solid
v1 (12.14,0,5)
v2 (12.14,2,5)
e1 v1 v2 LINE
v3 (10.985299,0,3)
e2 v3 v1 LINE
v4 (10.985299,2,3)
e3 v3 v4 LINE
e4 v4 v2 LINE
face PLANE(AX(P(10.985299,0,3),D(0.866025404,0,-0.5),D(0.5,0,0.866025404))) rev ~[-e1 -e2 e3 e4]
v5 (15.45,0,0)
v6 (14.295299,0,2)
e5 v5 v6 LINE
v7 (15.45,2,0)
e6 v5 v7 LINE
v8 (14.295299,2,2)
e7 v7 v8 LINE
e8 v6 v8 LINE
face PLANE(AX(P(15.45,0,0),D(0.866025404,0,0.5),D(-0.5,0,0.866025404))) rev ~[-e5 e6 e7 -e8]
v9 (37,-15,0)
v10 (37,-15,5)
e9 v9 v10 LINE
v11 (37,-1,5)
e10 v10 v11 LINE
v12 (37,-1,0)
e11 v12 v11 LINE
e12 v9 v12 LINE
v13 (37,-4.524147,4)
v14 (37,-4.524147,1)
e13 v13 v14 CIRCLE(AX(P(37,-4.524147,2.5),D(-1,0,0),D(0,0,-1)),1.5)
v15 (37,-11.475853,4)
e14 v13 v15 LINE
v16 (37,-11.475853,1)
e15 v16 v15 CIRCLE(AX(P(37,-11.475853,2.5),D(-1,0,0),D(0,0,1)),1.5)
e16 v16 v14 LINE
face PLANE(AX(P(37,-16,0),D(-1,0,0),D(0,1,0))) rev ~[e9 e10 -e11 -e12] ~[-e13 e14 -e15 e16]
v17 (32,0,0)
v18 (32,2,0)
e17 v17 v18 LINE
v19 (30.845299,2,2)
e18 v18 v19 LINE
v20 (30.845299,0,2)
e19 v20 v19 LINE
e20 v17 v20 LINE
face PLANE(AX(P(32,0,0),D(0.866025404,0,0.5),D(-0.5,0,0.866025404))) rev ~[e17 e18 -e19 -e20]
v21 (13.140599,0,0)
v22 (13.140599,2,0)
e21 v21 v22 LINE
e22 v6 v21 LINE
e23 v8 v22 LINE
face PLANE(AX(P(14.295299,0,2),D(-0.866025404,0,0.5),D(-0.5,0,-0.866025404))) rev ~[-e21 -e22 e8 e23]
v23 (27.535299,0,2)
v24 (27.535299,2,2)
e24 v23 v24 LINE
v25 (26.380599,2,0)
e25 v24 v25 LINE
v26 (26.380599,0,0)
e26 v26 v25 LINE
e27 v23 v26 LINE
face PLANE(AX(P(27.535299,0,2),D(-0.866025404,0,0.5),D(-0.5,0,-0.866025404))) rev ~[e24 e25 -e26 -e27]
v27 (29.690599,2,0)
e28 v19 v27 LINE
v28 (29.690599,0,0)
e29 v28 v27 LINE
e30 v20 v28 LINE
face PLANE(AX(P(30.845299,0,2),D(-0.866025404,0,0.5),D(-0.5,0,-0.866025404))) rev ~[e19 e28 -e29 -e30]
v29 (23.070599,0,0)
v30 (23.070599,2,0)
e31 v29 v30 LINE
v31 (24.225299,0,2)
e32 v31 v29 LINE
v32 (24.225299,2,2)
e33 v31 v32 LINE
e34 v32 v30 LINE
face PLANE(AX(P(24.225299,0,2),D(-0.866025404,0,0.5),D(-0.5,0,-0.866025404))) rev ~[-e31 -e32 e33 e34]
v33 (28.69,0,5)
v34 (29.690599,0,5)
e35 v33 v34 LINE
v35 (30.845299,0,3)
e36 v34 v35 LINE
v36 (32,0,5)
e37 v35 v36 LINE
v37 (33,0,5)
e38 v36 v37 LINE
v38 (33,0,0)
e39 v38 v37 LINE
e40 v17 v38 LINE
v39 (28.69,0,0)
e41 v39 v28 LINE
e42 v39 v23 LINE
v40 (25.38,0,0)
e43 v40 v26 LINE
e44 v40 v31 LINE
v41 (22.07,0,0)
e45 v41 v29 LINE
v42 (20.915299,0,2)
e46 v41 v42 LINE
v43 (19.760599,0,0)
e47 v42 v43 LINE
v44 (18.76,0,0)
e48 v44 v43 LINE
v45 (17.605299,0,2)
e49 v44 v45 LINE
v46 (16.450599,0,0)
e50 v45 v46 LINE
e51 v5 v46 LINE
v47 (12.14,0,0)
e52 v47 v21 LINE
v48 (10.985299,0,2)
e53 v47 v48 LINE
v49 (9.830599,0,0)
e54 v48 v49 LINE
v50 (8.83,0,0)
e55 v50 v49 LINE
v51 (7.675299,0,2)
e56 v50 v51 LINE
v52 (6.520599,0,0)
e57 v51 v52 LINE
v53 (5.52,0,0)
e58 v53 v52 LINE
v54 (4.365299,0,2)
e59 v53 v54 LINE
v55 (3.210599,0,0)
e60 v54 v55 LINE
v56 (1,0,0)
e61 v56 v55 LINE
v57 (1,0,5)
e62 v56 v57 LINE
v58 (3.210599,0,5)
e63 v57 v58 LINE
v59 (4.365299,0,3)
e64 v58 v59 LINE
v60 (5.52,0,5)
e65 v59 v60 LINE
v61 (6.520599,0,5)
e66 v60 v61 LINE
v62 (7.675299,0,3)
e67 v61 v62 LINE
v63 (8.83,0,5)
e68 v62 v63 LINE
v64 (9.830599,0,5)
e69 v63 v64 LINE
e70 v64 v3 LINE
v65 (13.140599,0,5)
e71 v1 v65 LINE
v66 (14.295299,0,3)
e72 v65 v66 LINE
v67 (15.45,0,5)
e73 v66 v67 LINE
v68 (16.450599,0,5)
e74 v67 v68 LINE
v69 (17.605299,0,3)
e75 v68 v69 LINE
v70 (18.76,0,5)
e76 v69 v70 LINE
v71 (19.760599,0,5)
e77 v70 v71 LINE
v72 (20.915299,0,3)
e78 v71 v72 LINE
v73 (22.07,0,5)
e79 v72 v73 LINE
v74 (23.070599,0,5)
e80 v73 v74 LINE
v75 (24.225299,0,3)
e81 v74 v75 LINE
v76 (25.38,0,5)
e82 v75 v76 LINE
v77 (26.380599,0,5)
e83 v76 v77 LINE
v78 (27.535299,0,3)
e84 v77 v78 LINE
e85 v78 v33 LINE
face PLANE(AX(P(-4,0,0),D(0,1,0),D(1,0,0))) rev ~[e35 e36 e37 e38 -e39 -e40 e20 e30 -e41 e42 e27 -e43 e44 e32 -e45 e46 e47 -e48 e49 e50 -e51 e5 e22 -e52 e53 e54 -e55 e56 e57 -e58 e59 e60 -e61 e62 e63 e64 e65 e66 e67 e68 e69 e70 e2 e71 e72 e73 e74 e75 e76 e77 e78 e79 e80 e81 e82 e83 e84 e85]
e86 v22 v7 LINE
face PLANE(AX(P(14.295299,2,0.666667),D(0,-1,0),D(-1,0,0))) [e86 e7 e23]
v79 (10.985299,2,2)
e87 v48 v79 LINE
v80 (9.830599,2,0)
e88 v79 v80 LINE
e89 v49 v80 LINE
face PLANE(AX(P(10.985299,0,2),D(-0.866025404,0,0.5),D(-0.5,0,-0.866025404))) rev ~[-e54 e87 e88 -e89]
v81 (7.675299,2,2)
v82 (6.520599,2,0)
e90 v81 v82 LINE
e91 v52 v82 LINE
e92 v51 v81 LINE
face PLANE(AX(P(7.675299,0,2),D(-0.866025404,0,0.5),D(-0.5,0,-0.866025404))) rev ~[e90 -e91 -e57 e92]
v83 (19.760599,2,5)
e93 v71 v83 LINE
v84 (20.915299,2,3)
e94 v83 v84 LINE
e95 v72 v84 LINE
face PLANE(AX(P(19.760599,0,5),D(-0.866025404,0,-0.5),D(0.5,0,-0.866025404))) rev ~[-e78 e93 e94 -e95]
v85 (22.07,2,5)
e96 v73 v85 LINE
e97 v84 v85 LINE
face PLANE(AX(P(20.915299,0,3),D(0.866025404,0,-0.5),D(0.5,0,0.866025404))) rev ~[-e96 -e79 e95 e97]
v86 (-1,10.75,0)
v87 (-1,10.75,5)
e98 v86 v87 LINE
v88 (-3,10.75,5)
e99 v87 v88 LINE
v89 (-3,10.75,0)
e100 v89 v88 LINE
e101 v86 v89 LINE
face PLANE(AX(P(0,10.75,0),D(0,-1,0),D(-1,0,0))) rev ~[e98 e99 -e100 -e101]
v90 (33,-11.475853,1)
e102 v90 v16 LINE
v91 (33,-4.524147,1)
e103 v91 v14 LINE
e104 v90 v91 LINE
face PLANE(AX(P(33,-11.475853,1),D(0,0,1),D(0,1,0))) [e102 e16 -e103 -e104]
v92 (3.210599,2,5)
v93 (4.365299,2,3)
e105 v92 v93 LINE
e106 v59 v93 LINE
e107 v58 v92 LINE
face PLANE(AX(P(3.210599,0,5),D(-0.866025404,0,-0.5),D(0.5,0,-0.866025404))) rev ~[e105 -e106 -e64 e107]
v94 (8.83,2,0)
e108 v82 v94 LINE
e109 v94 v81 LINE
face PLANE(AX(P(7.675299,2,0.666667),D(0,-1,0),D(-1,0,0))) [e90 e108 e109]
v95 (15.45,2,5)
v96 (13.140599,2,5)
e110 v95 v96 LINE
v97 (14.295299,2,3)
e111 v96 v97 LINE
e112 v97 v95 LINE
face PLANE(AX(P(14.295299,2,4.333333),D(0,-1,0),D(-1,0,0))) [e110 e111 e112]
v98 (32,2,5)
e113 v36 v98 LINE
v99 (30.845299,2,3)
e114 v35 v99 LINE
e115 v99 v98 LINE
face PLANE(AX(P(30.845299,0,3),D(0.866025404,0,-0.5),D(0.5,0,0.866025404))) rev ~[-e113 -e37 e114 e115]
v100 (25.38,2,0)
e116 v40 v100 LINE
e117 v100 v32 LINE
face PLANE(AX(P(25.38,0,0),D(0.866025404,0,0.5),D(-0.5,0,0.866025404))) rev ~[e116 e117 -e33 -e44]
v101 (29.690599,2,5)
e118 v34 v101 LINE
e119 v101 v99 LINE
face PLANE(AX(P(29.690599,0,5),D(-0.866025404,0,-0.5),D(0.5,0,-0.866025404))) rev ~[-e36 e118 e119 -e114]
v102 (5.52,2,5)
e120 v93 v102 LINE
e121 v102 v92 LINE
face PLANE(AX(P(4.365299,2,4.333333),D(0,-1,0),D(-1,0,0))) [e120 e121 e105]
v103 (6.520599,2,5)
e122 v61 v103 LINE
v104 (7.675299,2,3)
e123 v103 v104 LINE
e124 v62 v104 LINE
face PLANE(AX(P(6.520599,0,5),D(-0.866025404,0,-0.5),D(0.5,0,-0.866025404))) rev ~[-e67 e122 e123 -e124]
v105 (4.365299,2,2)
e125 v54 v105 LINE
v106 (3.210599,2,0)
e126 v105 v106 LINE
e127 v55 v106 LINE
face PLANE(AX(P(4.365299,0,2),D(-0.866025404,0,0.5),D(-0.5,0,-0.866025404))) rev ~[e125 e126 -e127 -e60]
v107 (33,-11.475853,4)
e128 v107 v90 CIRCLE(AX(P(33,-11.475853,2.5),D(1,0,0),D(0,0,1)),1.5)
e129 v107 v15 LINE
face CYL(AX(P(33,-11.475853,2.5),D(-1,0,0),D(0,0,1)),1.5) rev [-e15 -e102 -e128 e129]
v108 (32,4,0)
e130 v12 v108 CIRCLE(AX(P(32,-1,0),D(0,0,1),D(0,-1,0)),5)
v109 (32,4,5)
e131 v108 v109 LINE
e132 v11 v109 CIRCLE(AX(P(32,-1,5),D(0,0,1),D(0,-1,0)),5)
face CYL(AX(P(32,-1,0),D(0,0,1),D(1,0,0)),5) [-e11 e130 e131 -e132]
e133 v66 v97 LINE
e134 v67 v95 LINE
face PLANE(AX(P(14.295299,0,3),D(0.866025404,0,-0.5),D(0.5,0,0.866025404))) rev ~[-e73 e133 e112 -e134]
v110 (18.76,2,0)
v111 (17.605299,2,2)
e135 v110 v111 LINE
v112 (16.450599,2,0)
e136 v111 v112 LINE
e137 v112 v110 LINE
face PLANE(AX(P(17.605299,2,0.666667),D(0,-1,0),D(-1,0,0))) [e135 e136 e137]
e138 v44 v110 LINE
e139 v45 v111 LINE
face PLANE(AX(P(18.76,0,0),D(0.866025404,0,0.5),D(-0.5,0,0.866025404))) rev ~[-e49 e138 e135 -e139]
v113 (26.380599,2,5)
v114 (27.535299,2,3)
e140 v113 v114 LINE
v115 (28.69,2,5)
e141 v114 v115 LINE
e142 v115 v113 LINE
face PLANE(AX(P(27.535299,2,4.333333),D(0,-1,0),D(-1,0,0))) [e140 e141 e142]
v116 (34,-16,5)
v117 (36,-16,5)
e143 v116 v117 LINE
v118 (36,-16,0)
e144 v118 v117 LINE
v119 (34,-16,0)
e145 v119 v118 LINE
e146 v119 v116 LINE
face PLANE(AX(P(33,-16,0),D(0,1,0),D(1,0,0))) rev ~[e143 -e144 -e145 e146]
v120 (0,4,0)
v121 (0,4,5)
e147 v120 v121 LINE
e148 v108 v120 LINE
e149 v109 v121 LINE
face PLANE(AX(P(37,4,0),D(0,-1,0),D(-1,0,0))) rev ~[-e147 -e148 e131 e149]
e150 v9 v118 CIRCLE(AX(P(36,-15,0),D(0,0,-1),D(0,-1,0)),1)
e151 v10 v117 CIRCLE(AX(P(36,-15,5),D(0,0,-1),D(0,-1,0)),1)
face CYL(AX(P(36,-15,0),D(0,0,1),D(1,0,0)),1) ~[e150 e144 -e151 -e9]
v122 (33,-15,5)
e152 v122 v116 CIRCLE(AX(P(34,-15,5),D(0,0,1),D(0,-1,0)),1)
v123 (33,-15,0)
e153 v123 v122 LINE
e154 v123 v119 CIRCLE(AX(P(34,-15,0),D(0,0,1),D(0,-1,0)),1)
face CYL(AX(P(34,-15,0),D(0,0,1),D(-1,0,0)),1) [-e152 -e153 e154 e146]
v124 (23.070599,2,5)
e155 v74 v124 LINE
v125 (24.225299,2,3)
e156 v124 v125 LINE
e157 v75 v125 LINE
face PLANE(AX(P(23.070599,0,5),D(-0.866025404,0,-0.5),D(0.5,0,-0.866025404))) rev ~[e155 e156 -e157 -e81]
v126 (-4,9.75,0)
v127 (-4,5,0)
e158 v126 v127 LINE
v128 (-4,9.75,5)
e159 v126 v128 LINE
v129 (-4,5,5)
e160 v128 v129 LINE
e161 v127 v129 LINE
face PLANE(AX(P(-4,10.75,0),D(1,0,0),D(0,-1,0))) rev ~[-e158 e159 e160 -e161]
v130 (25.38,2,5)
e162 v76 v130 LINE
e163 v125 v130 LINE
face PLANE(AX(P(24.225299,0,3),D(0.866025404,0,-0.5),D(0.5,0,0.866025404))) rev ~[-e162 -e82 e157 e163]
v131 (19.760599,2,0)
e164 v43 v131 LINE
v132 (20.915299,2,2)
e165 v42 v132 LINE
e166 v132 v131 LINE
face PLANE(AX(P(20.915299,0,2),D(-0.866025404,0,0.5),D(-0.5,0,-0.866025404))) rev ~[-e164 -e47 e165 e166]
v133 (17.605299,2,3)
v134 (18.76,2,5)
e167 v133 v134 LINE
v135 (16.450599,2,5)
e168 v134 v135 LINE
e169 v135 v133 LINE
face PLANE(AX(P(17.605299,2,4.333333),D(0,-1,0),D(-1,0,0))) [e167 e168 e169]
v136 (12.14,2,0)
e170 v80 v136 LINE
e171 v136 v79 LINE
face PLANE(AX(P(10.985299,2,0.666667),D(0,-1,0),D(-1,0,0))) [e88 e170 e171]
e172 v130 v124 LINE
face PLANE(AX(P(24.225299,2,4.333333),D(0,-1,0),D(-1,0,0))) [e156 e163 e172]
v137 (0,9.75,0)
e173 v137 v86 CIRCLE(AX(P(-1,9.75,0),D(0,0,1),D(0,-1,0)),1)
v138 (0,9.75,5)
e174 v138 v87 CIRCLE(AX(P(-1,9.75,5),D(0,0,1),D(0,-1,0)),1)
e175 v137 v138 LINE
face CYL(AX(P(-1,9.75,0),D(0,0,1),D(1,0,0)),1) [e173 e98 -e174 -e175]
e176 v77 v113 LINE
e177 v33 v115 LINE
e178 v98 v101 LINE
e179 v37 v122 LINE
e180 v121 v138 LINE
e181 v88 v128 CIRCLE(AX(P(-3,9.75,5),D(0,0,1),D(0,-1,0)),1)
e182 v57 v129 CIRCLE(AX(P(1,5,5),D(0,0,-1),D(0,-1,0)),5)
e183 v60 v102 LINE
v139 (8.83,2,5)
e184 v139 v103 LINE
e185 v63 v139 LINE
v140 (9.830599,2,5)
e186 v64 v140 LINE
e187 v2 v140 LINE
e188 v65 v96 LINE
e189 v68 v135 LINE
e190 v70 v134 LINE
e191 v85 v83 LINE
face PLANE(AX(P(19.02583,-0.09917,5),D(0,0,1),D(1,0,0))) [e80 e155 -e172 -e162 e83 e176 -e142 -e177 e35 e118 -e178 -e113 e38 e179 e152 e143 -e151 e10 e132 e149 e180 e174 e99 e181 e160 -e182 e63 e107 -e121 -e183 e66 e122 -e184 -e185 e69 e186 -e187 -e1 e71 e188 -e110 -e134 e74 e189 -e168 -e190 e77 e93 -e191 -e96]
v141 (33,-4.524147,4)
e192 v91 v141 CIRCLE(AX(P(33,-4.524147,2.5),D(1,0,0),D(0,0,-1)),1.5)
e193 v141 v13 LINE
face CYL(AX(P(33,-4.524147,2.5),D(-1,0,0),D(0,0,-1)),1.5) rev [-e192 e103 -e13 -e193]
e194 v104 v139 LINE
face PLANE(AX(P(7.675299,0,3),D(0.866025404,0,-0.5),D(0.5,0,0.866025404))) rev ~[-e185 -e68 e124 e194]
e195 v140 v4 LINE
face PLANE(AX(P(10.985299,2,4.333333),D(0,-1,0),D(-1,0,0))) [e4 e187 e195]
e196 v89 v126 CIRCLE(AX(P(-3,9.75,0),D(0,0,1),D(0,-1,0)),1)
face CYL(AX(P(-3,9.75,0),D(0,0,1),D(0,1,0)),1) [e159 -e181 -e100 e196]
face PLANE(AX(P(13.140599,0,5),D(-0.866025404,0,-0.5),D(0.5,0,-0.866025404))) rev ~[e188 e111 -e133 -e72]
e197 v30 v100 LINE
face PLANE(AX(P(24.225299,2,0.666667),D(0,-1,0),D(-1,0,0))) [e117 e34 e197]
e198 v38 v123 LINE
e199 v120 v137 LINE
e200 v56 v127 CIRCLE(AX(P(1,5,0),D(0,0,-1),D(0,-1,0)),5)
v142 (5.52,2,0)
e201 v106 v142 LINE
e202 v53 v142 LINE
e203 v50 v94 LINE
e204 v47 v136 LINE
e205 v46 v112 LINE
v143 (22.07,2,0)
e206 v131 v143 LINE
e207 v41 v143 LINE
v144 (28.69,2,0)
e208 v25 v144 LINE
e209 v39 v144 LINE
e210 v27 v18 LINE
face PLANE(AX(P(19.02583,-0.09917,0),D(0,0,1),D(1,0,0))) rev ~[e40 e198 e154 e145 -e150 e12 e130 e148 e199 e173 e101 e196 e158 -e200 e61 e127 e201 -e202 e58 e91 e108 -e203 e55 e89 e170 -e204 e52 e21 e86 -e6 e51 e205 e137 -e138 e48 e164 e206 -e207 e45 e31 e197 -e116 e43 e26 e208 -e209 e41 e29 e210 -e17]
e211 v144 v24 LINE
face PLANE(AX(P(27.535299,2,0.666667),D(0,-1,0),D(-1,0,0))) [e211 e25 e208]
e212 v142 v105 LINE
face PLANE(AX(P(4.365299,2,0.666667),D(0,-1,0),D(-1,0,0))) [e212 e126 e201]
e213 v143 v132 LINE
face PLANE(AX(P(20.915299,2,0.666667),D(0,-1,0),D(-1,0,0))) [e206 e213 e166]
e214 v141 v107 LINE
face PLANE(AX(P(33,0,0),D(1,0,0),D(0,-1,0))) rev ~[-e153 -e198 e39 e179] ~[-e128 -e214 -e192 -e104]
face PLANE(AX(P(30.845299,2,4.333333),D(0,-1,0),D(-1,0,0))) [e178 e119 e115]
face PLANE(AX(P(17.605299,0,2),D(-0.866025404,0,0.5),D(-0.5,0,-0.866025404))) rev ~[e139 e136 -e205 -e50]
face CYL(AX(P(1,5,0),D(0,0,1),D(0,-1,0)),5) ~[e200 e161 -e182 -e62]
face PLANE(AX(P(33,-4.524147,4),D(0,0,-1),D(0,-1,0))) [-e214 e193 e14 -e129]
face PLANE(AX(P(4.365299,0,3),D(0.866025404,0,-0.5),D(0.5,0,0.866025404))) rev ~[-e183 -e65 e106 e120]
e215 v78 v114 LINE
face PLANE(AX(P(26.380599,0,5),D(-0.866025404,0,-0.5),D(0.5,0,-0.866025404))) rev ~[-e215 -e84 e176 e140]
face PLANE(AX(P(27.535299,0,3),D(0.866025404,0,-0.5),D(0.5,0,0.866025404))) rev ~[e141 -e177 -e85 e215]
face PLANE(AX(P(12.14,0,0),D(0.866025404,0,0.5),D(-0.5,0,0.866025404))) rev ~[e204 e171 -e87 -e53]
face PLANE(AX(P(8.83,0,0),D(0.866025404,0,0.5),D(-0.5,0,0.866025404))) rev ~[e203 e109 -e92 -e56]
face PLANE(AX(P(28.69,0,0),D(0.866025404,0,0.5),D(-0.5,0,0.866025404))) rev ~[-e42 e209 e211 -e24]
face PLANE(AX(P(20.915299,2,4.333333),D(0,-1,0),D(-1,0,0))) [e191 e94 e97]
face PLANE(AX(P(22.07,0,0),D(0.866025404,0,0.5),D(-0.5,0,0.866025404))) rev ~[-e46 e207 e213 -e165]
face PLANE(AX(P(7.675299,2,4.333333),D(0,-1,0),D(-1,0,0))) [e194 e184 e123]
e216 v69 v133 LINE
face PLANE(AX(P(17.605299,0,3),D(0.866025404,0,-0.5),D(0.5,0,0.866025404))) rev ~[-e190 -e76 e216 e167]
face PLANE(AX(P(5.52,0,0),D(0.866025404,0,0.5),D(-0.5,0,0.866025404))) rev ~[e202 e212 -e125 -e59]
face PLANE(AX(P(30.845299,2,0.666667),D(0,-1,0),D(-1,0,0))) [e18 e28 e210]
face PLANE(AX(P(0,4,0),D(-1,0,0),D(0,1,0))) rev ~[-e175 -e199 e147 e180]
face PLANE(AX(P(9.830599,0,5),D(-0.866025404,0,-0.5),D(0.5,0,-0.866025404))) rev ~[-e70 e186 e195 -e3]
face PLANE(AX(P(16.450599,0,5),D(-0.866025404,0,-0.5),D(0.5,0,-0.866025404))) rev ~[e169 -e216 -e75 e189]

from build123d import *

# Parameters (mm, degrees)
BOSS_EXTRUDE1_DEPTH = 5
CUT_EXTRUDE1_DEPTH  = 41.620192023
FILLET2_R           = 5
FILLET3_R           = 1
CUT_EXTRUDE2_DEPTH  = 2


with BuildPart() as part:
    # Sketch1 → Boss-Extrude1 (new body)
    with BuildSketch(Plane.XY):
        Polygon((0, 0), (33, 0), (33, -16), (37, -16), (37, 4), (0, 4), (0, 10.75), (-4, 10.75), (-4, 0), align=None)
    extrude(amount=BOSS_EXTRUDE1_DEPTH)

    # Sketch3 → Cut-Extrude1 (cut, through all)
    with BuildSketch(Plane.ZY.offset(-33)):
        with BuildLine():
            Line((4, -4.524146601), (4, -11.475853399))
            ThreePointArc((4, -11.475853399), (2.5, -12.975853399), (1, -11.475853399))
            Line((1, -11.475853399), (1, -4.524146601))
            ThreePointArc((1, -4.524146601), (2.5, -3.024146601), (4, -4.524146601))
        make_face()
    extrude(amount=-CUT_EXTRUDE1_DEPTH, mode=Mode.SUBTRACT)

    # Fillet2
    fillet2_edges = [part.edges().sort_by_distance(p)[0] for p in [
        (-4, 0, 2.5),
        (37, 4, 2.5),
    ]]
    fillet(fillet2_edges, radius=FILLET2_R)

    # Fillet3
    fillet3_edges = [part.edges().sort_by_distance(p)[0] for p in [
        (-4, 10.75, 2.5),
        (0, 10.75, 2.5),
        (37, -16, 2.5),
        (33, -16, 2.5),
    ]]
    fillet(fillet3_edges, radius=FILLET3_R)

    # Sketch4 → Cut-Extrude2 (cut)
    with BuildSketch(Plane(origin=(0, 0, 0), x_dir=(-1, 0, 0), z_dir=(0, -1, 0))):
        Polygon((-30.845299462, -3), (-32, -5), (-29.690598923, -5), align=None)
        Polygon((-30.845299462, -2), (-29.690598923, 0), (-32, 0), align=None)
        Polygon((-27.535299462, -3), (-28.69, -5), (-26.380598923, -5), align=None)
        Polygon((-27.535299462, -2), (-26.380598923, 0), (-28.69, 0), align=None)
        Polygon((-24.225299462, -3), (-25.38, -5), (-23.070598923, -5), align=None)
        Polygon((-24.225299462, -2), (-23.070598923, 0), (-25.38, 0), align=None)
        Polygon((-20.915299462, -3), (-22.07, -5), (-19.760598923, -5), align=None)
        Polygon((-20.915299462, -2), (-19.760598923, 0), (-22.07, 0), align=None)
        Polygon((-17.605299462, -3), (-18.76, -5), (-16.450598923, -5), align=None)
        Polygon((-17.605299462, -2), (-16.450598923, 0), (-18.76, 0), align=None)
        Polygon((-14.295299462, -3), (-15.45, -5), (-13.140598923, -5), align=None)
        Polygon((-14.295299462, -2), (-13.140598923, 0), (-15.45, 0), align=None)
        Polygon((-10.985299462, -3), (-12.14, -5), (-9.830598923, -5), align=None)
        Polygon((-10.985299462, -2), (-9.830598923, 0), (-12.14, 0), align=None)
        Polygon((-7.675299462, -3), (-8.83, -5), (-6.520598923, -5), align=None)
        Polygon((-7.675299462, -2), (-6.520598923, 0), (-8.83, 0), align=None)
        Polygon((-4.365299462, -3), (-5.52, -5), (-3.210598923, -5), align=None)
        Polygon((-4.365299462, -2), (-3.210598923, 0), (-5.52, 0), align=None)
    extrude(amount=-CUT_EXTRUDE2_DEPTH, mode=Mode.SUBTRACT)


solid = part.part
